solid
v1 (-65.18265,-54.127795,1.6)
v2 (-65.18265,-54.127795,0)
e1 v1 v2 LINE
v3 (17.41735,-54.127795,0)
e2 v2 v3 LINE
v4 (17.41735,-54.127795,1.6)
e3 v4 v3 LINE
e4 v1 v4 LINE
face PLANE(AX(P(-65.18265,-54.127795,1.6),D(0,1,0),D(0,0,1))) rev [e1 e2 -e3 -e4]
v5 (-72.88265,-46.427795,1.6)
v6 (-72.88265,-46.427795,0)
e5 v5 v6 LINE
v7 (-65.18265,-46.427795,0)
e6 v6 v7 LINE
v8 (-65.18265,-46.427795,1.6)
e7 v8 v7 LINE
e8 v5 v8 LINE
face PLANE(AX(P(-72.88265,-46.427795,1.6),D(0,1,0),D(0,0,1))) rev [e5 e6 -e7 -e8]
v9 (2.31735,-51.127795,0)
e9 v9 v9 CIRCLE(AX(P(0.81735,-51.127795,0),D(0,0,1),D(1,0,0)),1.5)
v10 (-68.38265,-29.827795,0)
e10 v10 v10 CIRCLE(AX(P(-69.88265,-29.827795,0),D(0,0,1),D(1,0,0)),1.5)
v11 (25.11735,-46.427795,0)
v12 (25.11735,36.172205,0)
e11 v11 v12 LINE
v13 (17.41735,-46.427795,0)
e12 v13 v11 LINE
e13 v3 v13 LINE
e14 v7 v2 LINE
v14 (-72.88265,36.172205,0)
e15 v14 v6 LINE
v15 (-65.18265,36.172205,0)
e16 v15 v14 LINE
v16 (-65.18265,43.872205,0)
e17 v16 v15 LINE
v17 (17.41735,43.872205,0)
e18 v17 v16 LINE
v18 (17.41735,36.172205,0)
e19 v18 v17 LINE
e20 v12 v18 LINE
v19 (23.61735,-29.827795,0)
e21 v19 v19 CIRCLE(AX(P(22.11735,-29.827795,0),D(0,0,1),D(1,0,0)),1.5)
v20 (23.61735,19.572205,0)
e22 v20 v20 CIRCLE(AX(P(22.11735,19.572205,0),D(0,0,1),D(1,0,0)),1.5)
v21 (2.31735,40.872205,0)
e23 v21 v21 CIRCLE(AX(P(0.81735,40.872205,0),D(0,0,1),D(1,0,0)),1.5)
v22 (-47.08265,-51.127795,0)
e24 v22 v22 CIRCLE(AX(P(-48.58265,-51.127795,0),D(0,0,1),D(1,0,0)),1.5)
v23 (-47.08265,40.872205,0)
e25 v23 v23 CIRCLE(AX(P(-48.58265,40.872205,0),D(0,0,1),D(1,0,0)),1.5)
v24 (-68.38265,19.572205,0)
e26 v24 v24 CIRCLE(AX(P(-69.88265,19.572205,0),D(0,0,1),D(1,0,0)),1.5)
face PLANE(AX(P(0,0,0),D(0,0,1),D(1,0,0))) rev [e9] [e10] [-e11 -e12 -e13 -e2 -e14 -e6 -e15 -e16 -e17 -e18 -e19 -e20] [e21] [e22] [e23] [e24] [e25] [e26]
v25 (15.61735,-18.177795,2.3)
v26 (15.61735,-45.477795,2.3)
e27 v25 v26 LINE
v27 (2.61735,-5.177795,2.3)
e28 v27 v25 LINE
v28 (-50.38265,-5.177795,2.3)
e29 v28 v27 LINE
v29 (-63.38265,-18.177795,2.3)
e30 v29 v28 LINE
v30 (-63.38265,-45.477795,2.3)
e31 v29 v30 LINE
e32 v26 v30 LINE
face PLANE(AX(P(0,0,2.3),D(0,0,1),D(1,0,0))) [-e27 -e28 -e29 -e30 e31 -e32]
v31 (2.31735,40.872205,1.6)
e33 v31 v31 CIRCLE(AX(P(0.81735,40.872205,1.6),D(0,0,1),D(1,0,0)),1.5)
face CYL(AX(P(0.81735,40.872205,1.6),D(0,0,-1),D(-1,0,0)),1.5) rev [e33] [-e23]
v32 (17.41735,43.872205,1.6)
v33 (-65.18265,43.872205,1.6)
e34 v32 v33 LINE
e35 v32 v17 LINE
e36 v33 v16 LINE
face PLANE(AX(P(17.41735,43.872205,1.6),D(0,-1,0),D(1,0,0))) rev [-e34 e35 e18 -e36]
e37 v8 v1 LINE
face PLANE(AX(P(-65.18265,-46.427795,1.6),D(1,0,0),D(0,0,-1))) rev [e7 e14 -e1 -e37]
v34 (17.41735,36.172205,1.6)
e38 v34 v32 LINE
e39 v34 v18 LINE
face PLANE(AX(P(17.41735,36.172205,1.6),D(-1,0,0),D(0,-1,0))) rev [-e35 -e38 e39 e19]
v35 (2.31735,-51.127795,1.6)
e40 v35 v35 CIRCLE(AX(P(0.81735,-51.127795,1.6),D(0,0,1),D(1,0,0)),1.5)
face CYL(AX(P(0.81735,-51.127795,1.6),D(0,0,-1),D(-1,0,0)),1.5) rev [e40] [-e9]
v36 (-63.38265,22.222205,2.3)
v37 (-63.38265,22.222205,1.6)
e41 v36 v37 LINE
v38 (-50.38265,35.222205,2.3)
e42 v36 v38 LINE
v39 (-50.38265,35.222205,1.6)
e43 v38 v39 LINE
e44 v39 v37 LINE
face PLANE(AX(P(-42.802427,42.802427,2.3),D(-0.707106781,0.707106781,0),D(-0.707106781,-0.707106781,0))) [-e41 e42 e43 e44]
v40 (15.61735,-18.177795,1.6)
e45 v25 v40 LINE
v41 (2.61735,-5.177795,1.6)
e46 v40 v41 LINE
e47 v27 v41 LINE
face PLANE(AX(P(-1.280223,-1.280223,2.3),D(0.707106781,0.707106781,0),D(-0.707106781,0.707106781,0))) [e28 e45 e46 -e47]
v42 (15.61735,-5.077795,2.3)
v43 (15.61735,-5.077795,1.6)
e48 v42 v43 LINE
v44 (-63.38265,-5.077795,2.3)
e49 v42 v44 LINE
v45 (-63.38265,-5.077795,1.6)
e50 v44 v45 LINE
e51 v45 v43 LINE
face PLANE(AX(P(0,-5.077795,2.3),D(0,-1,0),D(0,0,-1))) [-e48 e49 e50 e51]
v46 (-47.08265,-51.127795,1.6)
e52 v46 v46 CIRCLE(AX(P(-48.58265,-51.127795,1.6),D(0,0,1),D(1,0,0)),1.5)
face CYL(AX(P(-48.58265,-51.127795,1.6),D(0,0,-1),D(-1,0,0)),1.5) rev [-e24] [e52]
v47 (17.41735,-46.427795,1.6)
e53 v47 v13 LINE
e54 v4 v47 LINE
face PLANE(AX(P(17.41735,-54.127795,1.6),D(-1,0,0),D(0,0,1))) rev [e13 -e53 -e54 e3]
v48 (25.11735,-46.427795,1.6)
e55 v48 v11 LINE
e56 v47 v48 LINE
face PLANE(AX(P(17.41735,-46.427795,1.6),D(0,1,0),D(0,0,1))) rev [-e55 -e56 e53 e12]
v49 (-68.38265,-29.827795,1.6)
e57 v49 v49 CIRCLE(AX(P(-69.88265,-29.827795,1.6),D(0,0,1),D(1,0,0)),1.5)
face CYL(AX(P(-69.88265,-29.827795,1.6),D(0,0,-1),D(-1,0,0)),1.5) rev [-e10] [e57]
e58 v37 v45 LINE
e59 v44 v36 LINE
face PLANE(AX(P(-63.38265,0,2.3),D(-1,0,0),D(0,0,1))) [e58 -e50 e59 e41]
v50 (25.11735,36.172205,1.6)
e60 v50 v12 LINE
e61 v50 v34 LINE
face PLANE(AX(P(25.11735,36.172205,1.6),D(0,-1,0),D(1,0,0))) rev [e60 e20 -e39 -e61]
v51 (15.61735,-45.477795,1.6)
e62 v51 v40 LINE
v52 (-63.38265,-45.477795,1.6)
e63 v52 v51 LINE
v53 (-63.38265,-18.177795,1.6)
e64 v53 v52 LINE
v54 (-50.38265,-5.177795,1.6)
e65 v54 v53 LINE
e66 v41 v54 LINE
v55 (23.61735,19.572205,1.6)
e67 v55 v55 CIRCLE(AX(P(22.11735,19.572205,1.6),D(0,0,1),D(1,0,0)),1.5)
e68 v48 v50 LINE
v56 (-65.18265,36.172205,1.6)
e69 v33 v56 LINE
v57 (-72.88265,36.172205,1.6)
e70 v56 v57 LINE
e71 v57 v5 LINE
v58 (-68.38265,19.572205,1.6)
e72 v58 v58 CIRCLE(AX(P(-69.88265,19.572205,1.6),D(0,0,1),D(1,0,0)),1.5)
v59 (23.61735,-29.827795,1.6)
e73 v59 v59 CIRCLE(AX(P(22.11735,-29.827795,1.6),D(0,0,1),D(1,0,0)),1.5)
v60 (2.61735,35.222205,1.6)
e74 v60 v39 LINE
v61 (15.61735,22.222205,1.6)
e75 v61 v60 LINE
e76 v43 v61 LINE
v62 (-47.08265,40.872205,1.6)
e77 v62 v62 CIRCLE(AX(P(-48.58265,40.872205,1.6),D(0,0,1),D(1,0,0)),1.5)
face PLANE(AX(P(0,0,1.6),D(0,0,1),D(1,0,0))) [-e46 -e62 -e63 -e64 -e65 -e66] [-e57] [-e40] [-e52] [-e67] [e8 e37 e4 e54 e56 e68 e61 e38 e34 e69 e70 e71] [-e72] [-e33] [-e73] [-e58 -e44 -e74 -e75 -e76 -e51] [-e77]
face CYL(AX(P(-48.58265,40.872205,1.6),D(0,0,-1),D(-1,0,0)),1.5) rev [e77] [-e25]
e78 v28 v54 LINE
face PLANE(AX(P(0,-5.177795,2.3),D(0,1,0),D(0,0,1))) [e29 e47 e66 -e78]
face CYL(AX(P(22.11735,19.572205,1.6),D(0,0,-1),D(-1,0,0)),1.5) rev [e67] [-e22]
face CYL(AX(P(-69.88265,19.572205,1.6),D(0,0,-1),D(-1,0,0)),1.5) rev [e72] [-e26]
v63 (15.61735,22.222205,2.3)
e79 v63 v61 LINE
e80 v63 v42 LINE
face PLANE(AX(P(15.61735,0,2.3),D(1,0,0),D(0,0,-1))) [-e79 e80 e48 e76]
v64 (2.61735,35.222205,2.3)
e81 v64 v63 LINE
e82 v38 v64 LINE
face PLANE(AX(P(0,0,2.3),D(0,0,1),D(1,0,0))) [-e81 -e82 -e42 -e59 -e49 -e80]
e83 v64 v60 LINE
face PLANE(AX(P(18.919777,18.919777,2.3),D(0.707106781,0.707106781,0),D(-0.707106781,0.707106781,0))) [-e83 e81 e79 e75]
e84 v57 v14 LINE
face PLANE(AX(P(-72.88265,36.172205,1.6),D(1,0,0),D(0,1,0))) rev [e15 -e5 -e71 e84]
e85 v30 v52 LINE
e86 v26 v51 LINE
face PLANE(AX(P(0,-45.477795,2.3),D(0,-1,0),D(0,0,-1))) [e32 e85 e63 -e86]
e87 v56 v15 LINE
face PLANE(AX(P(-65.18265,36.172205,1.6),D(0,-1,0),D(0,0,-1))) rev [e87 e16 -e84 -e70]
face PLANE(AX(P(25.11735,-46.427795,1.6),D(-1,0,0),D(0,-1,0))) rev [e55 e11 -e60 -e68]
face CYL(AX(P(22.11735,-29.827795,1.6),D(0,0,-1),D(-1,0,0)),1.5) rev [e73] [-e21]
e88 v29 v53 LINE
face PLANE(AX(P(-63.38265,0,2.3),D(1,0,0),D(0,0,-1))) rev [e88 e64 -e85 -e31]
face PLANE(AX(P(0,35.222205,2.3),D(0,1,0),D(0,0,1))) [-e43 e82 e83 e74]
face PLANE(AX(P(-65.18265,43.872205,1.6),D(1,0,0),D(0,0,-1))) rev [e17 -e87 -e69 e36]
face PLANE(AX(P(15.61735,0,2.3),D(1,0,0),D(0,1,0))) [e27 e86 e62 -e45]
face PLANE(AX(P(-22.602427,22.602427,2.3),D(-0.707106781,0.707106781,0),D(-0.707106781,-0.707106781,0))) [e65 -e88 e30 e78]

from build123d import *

# Parameters (mm, degrees)
SKETCH1_R           = 1.5
BOSS_EXTRUDE1_DEPTH = 1.6
BOSS_EXTRUDE2_DEPTH = 2.3


with BuildPart() as part:
    # Sketch1 → Boss-Extrude1 (new body)
    with BuildSketch(Plane.XY):
        Polygon((-65.182649766, 43.872204631), (-65.182649766, 36.172204631), (-72.882649766, 36.172204631), (-72.882649766, -46.427795369), (-65.182649766, -46.427795369), (-65.182649766, -54.127795369), (17.417350234, -54.127795369), (17.417350234, -46.427795369), (25.117350234, -46.427795369), (25.117350234, 36.172204631), (17.417350234, 36.172204631), (17.417350234, 43.872204631), align=None)
        with Locations((-69.882649766, 19.572204631)):
            Circle(SKETCH1_R, mode=Mode.SUBTRACT)
        with Locations((-69.882649766, -29.827795369)):
            Circle(SKETCH1_R, mode=Mode.SUBTRACT)
        with Locations((-48.582649766, -51.127795369)):
            Circle(SKETCH1_R, mode=Mode.SUBTRACT)
        with Locations((0.817350234, -51.127795369)):
            Circle(SKETCH1_R, mode=Mode.SUBTRACT)
        with Locations((22.117350234, -29.827795369)):
            Circle(SKETCH1_R, mode=Mode.SUBTRACT)
        with Locations((22.117350234, 19.572204631)):
            Circle(SKETCH1_R, mode=Mode.SUBTRACT)
        with Locations((0.817350234, 40.872204631)):
            Circle(SKETCH1_R, mode=Mode.SUBTRACT)
        with Locations((-48.582649766, 40.872204631)):
            Circle(SKETCH1_R, mode=Mode.SUBTRACT)
        Polygon((-63.382649766, 22.222204631), (-50.382649766, 35.222204631), (2.617350234, 35.222204631), (15.617350234, 22.222204631), (15.617350234, -5.077795369), (-63.382649766, -5.077795369), align=None, mode=Mode.SUBTRACT)
        Polygon((-63.382649766, -18.177795369), (-50.382649766, -5.177795369), (2.617350234, -5.177795369), (15.617350234, -18.177795369), (15.617350234, -45.477795369), (-63.382649766, -45.477795369), align=None, mode=Mode.SUBTRACT)
    extrude(amount=BOSS_EXTRUDE1_DEPTH)

    # Sketch1<3> → Boss-Extrude2 (add)
    with BuildSketch(Plane.XY):
        Polygon((-50.382649766, 35.222204631), (-63.382649766, 22.222204631), (-63.382649766, -5.077795369), (15.617350234, -5.077795369), (15.617350234, 22.222204631), (2.617350234, 35.222204631), align=None)
        Polygon((-50.382649766, -5.177795369), (-63.382649766, -18.177795369), (-63.382649766, -45.477795369), (15.617350234, -45.477795369), (15.617350234, -18.177795369), (2.617350234, -5.177795369), align=None)
    extrude(amount=BOSS_EXTRUDE2_DEPTH)


solid = part.part
